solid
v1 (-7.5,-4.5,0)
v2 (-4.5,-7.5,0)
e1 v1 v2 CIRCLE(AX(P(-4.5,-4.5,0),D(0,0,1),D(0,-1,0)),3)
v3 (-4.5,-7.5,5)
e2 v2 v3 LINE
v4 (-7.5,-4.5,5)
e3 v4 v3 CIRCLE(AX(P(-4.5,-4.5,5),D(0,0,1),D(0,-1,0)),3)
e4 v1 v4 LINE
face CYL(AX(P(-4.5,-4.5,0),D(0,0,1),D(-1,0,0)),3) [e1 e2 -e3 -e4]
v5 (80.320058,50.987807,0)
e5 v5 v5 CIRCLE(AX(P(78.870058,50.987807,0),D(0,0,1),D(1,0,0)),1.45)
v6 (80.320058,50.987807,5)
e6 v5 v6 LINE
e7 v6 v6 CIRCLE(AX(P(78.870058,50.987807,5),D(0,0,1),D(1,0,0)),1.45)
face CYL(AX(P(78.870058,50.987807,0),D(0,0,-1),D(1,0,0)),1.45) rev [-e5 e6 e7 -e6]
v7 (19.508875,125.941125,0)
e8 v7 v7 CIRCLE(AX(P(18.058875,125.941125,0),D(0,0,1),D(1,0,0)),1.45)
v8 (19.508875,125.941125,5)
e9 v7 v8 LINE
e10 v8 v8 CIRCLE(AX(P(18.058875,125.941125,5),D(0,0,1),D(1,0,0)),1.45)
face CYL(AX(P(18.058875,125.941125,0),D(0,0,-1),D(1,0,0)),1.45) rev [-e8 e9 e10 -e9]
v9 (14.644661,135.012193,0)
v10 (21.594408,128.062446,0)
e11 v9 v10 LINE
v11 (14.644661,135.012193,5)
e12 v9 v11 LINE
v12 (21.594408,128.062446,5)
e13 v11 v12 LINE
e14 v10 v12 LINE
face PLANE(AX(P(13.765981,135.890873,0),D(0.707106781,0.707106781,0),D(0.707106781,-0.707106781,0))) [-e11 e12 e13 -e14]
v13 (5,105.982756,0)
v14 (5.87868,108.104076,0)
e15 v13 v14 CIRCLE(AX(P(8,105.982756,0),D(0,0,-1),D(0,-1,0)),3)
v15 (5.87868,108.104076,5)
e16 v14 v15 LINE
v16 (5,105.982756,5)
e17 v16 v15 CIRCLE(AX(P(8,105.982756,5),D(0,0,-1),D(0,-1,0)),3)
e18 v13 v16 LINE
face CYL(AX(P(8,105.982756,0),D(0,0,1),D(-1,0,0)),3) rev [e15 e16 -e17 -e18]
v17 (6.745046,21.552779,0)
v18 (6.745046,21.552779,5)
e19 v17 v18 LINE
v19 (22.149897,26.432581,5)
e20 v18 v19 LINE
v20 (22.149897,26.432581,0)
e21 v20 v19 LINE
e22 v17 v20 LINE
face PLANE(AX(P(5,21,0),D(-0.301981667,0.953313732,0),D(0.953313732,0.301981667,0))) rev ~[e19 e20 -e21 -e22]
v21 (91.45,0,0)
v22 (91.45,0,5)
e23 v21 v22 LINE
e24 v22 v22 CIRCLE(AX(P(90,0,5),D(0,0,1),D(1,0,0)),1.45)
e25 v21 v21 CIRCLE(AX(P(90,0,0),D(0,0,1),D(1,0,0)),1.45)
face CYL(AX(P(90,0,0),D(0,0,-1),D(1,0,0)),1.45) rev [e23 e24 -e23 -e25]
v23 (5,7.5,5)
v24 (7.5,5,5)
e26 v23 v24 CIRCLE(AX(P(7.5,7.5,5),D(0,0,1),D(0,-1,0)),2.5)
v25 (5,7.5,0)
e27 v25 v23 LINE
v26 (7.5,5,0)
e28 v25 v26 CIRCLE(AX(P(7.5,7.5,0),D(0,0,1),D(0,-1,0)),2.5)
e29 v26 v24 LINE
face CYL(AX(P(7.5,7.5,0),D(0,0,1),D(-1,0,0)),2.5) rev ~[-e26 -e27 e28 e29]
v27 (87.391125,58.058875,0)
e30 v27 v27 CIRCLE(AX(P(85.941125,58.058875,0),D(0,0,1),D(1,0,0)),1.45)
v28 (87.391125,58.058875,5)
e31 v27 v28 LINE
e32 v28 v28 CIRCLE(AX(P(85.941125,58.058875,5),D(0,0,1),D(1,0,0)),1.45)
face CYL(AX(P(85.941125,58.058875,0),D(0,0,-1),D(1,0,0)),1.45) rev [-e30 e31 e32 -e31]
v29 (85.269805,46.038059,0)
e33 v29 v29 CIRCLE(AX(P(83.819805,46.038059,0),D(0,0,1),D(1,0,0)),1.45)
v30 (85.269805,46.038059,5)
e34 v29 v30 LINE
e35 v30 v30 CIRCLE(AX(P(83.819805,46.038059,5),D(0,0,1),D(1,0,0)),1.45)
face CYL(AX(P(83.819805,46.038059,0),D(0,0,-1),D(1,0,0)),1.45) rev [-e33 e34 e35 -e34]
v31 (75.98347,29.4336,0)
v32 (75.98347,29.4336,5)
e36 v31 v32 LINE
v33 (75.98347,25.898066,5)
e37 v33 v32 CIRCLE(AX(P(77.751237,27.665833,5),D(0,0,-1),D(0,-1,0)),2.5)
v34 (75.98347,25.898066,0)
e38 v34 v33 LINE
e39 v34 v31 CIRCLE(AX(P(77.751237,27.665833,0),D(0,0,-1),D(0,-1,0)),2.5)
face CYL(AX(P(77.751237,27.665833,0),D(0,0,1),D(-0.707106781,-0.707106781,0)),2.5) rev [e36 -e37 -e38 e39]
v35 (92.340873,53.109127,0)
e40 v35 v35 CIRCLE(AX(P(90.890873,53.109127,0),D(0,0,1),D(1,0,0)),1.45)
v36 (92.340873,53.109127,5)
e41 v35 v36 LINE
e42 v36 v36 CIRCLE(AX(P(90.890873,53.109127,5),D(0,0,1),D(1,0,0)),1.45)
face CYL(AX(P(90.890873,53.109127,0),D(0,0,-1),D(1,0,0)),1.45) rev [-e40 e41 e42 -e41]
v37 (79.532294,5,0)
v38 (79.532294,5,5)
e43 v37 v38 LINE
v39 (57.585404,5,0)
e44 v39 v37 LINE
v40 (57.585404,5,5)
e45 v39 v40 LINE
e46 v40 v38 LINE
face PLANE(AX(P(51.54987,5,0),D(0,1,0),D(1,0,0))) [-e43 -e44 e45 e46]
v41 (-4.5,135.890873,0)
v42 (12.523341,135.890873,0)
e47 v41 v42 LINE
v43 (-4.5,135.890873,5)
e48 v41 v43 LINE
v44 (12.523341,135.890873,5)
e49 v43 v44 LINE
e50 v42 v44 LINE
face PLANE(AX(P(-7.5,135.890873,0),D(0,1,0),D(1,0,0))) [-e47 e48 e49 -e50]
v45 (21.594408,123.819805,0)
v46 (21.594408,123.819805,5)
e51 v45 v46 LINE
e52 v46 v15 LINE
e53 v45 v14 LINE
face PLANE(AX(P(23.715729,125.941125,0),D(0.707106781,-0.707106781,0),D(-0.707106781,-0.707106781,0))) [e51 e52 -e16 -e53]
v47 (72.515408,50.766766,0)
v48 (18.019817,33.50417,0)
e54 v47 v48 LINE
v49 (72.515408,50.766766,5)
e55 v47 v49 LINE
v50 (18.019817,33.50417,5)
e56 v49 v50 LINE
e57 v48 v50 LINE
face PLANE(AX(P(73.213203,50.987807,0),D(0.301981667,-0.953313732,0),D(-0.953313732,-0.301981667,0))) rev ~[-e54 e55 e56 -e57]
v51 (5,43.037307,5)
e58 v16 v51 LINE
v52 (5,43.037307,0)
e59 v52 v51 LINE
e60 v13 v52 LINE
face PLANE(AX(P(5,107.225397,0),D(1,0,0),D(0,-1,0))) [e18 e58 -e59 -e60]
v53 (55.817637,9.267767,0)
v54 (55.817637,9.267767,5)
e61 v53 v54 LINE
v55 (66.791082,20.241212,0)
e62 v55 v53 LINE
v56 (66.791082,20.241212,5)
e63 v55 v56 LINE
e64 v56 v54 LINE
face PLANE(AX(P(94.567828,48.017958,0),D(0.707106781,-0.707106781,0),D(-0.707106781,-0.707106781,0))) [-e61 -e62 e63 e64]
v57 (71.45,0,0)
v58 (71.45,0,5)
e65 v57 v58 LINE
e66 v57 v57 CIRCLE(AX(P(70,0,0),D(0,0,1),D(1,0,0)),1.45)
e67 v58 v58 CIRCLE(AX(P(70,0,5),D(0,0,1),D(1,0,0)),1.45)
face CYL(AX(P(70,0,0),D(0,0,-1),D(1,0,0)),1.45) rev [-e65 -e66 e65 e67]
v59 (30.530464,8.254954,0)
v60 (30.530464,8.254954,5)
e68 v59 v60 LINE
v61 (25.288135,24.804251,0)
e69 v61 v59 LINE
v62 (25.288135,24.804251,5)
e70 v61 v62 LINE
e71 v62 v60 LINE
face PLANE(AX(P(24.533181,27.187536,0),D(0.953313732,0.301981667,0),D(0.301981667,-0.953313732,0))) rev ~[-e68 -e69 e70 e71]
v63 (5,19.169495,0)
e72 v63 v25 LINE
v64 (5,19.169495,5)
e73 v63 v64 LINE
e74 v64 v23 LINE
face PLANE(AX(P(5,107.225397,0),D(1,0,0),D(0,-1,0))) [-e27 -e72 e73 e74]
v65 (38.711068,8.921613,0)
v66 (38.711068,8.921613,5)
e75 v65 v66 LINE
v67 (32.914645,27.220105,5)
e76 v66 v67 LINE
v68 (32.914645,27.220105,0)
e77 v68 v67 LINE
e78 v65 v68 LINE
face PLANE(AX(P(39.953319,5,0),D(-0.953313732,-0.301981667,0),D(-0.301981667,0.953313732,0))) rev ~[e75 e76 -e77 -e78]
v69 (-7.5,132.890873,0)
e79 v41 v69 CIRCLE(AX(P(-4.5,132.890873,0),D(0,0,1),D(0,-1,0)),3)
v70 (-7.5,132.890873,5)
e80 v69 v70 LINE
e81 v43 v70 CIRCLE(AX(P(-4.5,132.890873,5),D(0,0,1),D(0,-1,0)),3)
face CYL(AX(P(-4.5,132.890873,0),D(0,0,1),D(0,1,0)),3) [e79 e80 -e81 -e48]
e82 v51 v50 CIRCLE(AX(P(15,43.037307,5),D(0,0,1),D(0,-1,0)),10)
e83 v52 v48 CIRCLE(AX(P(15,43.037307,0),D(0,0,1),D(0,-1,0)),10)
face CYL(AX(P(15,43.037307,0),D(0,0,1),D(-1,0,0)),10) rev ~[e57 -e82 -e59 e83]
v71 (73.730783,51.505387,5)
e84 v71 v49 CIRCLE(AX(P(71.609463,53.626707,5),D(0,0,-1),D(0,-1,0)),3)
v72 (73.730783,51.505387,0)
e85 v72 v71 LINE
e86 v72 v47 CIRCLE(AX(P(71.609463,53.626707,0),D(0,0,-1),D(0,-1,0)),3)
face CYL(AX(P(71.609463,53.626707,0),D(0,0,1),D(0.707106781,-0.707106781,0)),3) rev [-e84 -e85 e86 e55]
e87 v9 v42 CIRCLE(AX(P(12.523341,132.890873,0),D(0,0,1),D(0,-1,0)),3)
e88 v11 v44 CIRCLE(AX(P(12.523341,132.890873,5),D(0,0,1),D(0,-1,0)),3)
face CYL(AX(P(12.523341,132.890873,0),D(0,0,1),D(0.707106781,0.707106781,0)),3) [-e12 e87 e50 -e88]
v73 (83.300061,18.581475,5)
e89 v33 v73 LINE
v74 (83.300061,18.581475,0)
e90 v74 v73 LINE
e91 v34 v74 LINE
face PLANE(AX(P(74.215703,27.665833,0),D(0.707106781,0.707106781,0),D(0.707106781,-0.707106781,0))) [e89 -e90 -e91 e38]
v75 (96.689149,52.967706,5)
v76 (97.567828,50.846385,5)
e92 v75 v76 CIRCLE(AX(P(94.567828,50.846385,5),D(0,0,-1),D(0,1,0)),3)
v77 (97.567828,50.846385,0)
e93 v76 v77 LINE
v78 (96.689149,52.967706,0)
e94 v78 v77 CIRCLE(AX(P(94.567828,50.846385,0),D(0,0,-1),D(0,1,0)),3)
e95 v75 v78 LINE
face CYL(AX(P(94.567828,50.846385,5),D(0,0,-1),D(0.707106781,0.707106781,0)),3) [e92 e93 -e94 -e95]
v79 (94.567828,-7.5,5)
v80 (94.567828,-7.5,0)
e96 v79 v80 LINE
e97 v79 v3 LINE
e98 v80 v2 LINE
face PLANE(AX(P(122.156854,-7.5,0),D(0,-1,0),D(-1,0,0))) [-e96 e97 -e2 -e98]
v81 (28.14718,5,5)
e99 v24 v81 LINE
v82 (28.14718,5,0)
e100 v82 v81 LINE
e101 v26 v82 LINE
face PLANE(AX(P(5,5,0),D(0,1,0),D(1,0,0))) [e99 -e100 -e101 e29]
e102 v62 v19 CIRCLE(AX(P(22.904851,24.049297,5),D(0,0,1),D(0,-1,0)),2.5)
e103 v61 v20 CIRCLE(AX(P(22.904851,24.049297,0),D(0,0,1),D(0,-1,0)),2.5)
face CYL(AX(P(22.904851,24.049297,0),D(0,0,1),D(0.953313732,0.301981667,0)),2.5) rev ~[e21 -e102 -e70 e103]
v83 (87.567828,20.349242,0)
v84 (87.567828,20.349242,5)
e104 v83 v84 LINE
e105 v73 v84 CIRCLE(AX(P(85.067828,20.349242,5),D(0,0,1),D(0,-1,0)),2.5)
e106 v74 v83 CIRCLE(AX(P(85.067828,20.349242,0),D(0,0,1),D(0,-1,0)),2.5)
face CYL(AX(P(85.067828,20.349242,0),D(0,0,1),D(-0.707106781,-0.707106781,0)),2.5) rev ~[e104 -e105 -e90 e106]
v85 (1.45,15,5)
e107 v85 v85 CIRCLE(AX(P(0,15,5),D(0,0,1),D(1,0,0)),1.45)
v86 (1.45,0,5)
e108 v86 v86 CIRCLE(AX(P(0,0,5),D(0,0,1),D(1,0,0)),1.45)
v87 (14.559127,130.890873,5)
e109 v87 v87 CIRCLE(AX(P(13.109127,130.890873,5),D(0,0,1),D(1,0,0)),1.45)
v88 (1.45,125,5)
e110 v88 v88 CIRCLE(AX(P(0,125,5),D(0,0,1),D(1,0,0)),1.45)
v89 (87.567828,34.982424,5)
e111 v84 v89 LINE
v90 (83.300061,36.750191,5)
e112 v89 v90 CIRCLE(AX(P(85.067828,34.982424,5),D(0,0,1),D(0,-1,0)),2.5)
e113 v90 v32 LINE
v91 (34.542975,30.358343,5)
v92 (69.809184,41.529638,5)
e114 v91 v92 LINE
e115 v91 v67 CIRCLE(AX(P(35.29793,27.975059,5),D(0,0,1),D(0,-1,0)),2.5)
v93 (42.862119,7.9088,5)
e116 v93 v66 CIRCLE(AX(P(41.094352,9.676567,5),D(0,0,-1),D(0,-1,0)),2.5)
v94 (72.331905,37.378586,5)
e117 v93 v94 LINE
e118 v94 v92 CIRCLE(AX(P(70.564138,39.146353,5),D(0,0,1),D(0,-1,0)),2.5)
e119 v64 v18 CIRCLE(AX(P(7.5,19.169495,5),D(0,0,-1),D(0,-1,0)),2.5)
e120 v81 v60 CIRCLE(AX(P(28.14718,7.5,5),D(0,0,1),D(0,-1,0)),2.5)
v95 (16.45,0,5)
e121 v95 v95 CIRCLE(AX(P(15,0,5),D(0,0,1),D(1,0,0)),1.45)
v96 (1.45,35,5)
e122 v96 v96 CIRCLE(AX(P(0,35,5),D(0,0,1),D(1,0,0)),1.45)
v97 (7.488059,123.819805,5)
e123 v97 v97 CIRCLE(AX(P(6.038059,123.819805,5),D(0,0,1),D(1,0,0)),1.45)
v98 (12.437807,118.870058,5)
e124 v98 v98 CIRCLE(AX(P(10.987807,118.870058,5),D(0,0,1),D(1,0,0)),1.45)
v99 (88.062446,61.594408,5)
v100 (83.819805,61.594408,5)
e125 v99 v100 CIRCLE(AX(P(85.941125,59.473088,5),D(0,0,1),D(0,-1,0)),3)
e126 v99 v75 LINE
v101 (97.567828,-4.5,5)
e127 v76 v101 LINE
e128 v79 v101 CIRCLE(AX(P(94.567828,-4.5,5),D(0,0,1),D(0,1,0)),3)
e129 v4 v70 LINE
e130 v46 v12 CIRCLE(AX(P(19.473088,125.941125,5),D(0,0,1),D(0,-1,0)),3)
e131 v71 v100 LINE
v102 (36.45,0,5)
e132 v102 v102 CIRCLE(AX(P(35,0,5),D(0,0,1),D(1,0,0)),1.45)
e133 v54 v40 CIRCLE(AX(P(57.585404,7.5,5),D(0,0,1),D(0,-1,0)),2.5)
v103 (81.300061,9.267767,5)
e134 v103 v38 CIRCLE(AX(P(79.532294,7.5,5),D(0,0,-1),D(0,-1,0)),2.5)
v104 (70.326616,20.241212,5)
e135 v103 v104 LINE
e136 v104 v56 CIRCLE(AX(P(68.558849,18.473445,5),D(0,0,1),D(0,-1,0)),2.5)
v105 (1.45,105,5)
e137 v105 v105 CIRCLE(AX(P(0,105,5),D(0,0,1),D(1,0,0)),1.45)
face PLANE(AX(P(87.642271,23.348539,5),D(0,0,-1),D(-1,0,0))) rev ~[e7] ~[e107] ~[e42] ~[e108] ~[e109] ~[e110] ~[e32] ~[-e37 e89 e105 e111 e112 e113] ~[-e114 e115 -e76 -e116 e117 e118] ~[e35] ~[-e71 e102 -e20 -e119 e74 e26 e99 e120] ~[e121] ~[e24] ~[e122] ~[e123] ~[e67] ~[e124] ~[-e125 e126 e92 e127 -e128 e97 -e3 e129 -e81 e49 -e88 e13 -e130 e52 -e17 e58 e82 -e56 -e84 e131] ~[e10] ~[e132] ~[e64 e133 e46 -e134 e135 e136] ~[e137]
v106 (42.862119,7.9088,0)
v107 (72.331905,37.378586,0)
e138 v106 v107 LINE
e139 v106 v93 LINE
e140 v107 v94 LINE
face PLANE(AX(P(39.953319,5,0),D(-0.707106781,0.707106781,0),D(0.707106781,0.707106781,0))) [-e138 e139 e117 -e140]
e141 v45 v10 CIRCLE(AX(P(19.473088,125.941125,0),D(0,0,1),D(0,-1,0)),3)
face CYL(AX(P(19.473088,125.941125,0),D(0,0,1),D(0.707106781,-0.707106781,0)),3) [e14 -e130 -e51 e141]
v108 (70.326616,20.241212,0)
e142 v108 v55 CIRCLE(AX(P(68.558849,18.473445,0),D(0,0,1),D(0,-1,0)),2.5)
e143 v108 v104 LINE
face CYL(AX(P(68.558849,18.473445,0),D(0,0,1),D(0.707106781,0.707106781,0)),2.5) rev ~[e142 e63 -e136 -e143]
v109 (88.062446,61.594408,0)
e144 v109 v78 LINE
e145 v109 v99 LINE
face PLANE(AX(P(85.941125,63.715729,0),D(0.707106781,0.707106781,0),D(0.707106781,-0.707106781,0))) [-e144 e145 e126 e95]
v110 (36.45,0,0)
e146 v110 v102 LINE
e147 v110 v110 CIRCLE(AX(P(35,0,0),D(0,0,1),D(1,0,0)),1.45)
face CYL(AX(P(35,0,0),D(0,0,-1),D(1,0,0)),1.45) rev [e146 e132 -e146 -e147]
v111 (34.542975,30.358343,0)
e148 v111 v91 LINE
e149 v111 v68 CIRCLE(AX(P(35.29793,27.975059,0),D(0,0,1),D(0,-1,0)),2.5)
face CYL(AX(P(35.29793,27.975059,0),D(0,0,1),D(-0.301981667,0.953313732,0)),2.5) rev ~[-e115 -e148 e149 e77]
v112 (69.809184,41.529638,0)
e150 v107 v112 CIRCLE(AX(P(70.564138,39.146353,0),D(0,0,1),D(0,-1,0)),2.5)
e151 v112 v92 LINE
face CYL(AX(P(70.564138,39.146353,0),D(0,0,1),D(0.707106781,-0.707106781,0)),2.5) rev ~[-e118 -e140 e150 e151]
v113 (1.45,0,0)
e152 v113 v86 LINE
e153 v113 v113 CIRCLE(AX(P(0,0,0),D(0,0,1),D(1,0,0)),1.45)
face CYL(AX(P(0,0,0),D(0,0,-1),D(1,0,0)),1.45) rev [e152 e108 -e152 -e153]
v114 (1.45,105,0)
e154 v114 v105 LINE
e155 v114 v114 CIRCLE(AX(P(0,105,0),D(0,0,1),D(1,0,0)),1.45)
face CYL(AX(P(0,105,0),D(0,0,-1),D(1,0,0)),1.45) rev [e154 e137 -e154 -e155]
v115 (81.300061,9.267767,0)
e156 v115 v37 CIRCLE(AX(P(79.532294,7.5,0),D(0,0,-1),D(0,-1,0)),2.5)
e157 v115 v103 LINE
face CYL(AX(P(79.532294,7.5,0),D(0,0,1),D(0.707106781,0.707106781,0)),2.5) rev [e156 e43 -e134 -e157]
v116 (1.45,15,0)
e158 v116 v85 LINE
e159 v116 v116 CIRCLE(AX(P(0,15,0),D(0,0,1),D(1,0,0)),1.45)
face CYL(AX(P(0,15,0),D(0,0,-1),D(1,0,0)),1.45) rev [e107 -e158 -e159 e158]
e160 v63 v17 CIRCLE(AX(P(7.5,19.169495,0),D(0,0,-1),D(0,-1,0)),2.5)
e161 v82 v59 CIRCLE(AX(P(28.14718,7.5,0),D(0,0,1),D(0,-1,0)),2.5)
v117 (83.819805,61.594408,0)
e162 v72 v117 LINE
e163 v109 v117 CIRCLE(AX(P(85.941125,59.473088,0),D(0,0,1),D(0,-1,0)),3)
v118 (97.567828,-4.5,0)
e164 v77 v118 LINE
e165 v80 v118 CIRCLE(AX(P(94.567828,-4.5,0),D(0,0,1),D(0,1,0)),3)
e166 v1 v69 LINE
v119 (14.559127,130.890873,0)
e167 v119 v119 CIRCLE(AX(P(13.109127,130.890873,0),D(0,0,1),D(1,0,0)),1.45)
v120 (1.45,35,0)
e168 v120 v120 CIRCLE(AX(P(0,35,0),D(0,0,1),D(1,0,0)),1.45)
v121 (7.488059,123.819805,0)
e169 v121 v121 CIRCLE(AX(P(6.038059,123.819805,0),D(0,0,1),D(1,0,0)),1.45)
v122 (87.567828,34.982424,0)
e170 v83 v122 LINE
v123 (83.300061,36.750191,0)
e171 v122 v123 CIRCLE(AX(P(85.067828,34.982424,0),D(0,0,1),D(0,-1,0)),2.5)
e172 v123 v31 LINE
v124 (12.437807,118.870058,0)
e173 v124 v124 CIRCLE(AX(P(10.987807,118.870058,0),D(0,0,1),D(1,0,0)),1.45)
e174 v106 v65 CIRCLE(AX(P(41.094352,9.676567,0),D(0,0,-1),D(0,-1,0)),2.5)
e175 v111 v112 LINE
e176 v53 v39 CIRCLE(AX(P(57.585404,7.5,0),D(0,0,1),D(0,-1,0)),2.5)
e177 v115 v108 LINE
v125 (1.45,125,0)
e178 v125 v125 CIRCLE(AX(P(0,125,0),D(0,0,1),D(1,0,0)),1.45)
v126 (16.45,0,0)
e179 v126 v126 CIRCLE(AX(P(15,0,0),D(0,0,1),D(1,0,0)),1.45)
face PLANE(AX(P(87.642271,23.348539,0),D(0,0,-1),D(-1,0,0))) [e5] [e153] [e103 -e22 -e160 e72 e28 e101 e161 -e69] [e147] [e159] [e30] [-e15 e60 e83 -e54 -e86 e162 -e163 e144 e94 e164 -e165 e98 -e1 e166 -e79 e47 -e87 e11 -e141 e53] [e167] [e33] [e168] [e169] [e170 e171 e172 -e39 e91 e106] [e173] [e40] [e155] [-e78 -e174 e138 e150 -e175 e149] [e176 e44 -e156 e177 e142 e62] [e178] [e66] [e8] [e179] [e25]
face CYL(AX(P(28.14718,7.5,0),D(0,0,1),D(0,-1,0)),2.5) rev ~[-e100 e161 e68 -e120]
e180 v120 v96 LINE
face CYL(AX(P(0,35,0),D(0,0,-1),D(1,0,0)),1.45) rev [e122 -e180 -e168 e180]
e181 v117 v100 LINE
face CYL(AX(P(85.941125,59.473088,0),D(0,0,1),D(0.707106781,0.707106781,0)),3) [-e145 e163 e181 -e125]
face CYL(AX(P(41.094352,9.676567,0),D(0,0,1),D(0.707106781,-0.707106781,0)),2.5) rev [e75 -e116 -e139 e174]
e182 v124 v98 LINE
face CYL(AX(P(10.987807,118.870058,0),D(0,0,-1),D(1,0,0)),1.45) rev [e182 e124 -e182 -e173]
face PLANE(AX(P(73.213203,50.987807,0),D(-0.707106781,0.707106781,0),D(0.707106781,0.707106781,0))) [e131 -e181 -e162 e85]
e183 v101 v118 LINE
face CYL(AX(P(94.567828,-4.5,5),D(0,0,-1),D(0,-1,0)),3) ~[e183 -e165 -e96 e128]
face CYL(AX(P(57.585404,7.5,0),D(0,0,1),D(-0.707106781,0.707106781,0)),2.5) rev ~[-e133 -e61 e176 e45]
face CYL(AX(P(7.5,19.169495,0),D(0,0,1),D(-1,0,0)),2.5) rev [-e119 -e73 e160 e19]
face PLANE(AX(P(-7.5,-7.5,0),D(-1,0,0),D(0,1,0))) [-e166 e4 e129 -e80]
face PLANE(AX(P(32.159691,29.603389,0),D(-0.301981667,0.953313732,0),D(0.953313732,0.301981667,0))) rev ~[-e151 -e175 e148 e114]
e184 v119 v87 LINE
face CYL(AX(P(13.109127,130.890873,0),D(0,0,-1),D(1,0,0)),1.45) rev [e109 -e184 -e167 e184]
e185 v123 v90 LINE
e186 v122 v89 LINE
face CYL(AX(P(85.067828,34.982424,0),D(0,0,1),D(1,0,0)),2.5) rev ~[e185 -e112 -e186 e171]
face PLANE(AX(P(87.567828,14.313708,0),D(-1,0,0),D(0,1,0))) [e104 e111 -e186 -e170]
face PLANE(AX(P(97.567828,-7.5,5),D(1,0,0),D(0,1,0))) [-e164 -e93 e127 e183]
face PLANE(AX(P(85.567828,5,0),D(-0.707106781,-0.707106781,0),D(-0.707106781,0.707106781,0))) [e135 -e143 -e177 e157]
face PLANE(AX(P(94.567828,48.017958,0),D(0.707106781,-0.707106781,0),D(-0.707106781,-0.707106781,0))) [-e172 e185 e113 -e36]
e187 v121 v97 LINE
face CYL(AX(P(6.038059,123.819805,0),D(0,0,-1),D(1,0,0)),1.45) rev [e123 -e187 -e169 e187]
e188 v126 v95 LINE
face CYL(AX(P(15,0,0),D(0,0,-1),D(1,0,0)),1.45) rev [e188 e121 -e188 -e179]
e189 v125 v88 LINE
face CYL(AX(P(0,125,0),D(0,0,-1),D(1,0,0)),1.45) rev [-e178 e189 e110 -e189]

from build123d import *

# Parameters (mm, degrees)
SKETCH_1_R          = 1.45
EXTRUDE_1_DEPTH     = 5
EXTRUDE_2_DEPTH     = 5
FILLET_1_R          = 10
FILLET_2_R          = 2.5
CUT_EXTRUDE_1_DEPTH = 183.793945183
FILLET_3_R          = 3


with BuildPart() as part:
    # 草图1 → 凸台-拉伸1 (new body)
    with BuildSketch(Plane.XY):
        Polygon((-7.5, -7.5), (-7.5, 135.890872965), (13.765981284, 135.890872965), (23.715728753, 125.941125497), (5, 107.225396744), (5, 5), (39.953318806, 5), (79.577164466, 44.623845661), (73.213203436, 50.987806691), (85.941125497, 63.715728753), (122.156854249, 27.5), (122.156854249, -7.5), align=None)
        Circle(SKETCH_1_R, mode=Mode.SUBTRACT)
        with Locations((0, 15)):
            Circle(SKETCH_1_R, mode=Mode.SUBTRACT)
        with Locations((0, 35)):
            Circle(SKETCH_1_R, mode=Mode.SUBTRACT)
        with Locations((15, 0)):
            Circle(SKETCH_1_R, mode=Mode.SUBTRACT)
        with Locations((35, 0)):
            Circle(SKETCH_1_R, mode=Mode.SUBTRACT)
        with Locations((18.058874503, 125.941125497)):
            Circle(SKETCH_1_R, mode=Mode.SUBTRACT)
        with Locations((13.109127035, 130.890872965)):
            Circle(SKETCH_1_R, mode=Mode.SUBTRACT)
        with Locations((6.038059223, 123.819805153)):
            Circle(SKETCH_1_R, mode=Mode.SUBTRACT)
        with Locations((10.987806691, 118.870057685)):
            Circle(SKETCH_1_R, mode=Mode.SUBTRACT)
        with Locations((90.890872965, 53.109127035)):
            Circle(SKETCH_1_R, mode=Mode.SUBTRACT)
        with Locations((85.941125497, 58.058874503)):
            Circle(SKETCH_1_R, mode=Mode.SUBTRACT)
        with Locations((78.870057685, 50.987806691)):
            Circle(SKETCH_1_R, mode=Mode.SUBTRACT)
        with Locations((83.819805153, 46.038059223)):
            Circle(SKETCH_1_R, mode=Mode.SUBTRACT)
        with Locations((0, 125)):
            Circle(SKETCH_1_R, mode=Mode.SUBTRACT)
        with Locations((0, 105)):
            Circle(SKETCH_1_R, mode=Mode.SUBTRACT)
        with Locations((70, 0)):
            Circle(SKETCH_1_R, mode=Mode.SUBTRACT)
        with Locations((90, 0)):
            Circle(SKETCH_1_R, mode=Mode.SUBTRACT)
        Polygon((94.567828227, 48.01795821), (51.549870017, 5), (115.156854249, 5), (115.156854249, 27.428932188), align=None, mode=Mode.SUBTRACT)
    extrude(amount=EXTRUDE_1_DEPTH)

    # 草图3 → 凸台-拉伸2 (add)
    with BuildSketch(Plane.XY):
        Polygon((97.567828227, 45.01795821), (97.567828227, 5), (85.567828227, 5), (68.558849122, 22.008979105), (74.215703372, 27.665833355), (87.567828227, 14.313708499), (87.567828227, 41.01795821), (94.567828227, 48.01795821), align=None)
        Polygon((73.213203436, 50.987806691), (5, 29.379876147), (5, 21), (24.533181149, 27.187535555), (31.561537876, 5), (39.953318806, 5), (32.159691009, 29.603388895), (79.577164466, 44.623845661), align=None)
    extrude(amount=EXTRUDE_2_DEPTH)

    # 圆角1
    fillet_1_edges = [part.edges().sort_by_distance(p)[0] for p in [
        (5, 29.379876147, 2.5),
    ]]
    fillet(fillet_1_edges, radius=FILLET_1_R)

    # 圆角2
    fillet_2_edges = [part.edges().sort_by_distance(p)[0] for p in [
        (97.567828227, 5, 2.5),
        (85.567828227, 5, 2.5),
        (68.558849122, 22.008979105, 2.5),
        (74.215703372, 27.665833355, 2.5),
        (87.567828227, 14.313708499, 2.5),
        (87.567828227, 41.01795821, 2.5),
        (97.567828227, 45.01795821, 2.5),
        (32.159691009, 29.603388895, 2.5),
        (31.561537876, 5, 2.5),
        (24.533181149, 27.187535555, 2.5),
        (5, 21, 2.5),
        (5, 5, 2.5),
        (39.953318806, 5, 2.5),
        (79.577164466, 44.623845661, 2.5),
        (115.156854249, 27.428932188, 2.5),
        (51.549870017, 5, 2.5),
        (115.156854249, 5, 2.5),
    ]]
    fillet(fillet_2_edges, radius=FILLET_2_R)

    # 草图4 → 切除-拉伸1 (cut, through all)
    with BuildSketch(Plane.XY.offset(5)):
        Polygon((97.567828227, -7.5), (97.567828227, 52.089026022), (122.156854249, 27.5), (122.156854249, -7.5), align=None)
    extrude(amount=-CUT_EXTRUDE_1_DEPTH, mode=Mode.SUBTRACT)

    # 圆角3
    fillet_3_edges = [part.edges().sort_by_distance(p)[0] for p in [
        (-7.5, -7.5, 2.5),
        (-7.5, 135.890872965, 2.5),
        (13.765981284, 135.890872965, 2.5),
        (23.715728753, 125.941125497, 2.5),
        (5, 107.225396744, 2.5),
        (73.213203436, 50.987806691, 2.5),
        (85.941125497, 63.715728753, 2.5),
        (97.567828227, -7.5, 2.5),
        (97.567828227, 52.089026022, 2.5),
    ]]
    fillet(fillet_3_edges, radius=FILLET_3_R)


solid = part.part
